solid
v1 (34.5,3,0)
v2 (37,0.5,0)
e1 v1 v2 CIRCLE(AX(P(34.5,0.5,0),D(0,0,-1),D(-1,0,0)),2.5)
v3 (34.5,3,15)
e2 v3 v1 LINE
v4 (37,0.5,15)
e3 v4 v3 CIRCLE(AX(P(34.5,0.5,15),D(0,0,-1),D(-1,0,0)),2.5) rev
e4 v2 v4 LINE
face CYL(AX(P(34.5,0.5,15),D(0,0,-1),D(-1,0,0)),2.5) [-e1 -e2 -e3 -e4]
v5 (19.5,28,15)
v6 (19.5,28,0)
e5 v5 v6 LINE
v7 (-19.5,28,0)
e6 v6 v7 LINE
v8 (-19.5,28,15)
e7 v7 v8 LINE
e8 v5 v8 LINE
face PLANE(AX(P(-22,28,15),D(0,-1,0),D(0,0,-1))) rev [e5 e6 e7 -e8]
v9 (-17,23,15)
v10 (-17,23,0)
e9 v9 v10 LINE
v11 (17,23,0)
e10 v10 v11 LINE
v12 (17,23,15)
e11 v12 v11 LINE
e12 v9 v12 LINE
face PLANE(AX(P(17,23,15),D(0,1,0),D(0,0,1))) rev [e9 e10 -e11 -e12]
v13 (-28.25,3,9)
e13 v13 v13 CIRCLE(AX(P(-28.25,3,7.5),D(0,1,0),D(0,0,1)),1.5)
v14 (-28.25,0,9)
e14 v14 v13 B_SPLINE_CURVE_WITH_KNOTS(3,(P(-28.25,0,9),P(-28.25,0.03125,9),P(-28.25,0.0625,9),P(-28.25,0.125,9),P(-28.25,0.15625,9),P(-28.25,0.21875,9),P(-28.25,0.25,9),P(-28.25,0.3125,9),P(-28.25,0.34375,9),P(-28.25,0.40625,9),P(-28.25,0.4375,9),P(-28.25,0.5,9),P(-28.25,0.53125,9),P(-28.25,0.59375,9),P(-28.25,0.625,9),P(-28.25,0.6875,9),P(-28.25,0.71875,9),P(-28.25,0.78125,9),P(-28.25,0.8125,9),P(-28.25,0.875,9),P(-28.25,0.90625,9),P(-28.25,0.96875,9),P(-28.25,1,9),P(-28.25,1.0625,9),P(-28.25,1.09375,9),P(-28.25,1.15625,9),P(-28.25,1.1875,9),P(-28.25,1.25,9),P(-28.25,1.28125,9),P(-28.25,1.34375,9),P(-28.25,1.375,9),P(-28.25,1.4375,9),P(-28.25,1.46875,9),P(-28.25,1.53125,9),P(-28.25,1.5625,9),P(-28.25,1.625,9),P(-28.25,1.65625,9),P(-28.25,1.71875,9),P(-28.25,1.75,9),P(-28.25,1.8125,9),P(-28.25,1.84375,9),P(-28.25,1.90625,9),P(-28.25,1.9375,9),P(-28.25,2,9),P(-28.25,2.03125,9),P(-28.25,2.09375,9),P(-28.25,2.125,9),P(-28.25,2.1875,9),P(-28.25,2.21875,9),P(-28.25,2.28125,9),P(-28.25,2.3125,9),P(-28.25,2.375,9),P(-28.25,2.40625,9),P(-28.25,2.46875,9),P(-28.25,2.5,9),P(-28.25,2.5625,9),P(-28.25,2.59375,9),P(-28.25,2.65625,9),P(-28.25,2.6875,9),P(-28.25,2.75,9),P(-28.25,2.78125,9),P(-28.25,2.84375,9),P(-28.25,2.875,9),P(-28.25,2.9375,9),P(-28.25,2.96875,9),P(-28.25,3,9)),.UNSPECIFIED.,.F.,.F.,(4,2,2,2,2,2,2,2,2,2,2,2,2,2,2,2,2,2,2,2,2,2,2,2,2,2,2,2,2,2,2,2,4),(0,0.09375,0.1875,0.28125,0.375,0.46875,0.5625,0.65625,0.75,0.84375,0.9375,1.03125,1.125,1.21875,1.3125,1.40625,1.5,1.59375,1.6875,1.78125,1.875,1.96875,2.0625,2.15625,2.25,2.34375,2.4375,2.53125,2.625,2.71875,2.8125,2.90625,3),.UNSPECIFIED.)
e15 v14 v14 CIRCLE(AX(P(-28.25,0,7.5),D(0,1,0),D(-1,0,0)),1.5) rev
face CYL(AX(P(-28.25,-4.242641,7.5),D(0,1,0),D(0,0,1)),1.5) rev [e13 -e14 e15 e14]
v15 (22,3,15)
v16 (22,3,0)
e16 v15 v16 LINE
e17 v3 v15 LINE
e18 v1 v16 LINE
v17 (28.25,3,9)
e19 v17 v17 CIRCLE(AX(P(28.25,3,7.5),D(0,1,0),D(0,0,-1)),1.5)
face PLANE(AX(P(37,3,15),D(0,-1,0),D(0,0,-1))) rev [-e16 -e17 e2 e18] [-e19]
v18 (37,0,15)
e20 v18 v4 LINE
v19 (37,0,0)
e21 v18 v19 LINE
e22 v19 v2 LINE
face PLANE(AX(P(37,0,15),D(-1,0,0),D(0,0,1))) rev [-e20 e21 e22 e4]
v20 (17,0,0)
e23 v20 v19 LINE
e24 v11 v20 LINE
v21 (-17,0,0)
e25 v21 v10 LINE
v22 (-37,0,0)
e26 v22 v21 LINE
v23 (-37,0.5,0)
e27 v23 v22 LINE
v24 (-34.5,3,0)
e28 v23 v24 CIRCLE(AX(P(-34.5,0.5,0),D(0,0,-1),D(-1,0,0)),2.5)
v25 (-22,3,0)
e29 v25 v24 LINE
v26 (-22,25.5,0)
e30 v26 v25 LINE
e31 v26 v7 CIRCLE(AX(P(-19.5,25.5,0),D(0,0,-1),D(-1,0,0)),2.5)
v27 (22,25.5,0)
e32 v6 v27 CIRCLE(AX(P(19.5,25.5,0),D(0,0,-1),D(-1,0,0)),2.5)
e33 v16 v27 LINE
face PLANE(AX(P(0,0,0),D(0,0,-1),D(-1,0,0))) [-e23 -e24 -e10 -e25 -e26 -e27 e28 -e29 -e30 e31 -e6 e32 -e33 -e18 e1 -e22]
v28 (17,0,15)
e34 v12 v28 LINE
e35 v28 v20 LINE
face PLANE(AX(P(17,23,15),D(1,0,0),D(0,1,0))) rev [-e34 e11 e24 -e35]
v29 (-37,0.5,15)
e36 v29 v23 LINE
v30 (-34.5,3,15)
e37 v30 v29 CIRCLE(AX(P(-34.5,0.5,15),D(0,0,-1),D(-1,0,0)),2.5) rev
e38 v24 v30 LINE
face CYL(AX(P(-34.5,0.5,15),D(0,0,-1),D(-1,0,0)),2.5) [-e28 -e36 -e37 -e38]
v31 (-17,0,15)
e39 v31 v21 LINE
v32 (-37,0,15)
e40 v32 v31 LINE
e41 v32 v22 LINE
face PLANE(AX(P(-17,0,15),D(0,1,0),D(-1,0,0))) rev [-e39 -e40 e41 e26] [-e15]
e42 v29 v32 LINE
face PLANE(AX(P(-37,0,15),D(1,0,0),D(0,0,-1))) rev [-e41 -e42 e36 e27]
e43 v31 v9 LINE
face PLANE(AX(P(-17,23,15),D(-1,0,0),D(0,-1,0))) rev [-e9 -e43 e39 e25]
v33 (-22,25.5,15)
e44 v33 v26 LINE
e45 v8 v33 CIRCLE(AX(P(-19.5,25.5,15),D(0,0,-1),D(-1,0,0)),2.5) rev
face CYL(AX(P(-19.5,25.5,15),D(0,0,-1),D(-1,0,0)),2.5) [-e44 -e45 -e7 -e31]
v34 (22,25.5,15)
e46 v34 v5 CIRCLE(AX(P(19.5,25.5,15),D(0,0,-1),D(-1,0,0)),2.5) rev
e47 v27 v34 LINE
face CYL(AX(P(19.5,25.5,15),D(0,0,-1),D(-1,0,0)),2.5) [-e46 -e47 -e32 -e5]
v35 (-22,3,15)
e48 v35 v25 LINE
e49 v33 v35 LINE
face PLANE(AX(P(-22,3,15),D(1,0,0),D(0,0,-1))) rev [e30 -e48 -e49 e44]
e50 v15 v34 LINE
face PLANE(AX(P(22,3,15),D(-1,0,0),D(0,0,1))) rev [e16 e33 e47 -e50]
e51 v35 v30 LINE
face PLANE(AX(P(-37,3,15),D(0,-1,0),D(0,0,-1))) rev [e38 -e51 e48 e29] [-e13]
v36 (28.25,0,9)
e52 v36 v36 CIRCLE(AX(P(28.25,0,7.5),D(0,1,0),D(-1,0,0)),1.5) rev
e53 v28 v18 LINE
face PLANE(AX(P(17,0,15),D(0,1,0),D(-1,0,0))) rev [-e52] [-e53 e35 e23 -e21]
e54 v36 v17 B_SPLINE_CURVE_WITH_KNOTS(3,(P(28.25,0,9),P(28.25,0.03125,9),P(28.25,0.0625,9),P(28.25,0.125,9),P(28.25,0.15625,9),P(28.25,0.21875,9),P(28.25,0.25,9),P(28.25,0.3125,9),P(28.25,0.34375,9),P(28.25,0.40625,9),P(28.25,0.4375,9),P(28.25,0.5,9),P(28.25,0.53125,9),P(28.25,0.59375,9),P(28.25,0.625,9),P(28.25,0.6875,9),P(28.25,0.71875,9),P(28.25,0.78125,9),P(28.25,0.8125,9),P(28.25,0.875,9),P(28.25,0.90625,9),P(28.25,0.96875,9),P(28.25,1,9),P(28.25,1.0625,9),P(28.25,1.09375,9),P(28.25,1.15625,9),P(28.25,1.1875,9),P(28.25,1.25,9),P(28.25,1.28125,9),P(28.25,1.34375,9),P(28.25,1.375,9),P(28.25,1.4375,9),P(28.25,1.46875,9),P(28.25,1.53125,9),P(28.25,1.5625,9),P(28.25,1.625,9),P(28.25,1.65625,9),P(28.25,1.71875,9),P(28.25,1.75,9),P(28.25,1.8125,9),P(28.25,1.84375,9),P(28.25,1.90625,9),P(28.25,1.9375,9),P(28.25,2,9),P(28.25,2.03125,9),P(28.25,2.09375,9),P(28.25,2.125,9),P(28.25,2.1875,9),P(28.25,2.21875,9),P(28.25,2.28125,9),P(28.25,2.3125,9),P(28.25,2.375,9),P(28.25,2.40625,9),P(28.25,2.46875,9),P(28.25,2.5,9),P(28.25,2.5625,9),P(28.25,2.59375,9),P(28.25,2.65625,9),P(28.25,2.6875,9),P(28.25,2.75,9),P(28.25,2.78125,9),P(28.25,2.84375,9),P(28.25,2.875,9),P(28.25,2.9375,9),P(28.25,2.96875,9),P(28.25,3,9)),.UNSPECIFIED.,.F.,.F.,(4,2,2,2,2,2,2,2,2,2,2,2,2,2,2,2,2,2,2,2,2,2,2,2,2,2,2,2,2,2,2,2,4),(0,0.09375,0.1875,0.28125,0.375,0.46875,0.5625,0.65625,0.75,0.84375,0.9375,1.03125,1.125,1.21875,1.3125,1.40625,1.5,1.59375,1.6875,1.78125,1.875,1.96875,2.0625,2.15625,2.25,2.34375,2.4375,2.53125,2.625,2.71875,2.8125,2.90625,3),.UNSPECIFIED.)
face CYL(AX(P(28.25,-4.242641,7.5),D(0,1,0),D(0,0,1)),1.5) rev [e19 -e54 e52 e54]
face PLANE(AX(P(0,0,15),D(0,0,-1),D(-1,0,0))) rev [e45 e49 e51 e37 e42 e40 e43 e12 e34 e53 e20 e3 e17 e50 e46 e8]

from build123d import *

# Parameters (mm, degrees)
BOSS_EXTRUDE1_DEPTH = 15
FILLET1_R           = 2.5
SKETCH2_R           = 1.5
CUT_EXTRUDE1_DEPTH  = 3


with BuildPart() as part:
    # Sketch1 → Boss-Extrude1 (new body)
    with BuildSketch(Plane.XY):
        Polygon((17, 23), (-17, 23), (-17, 0), (-37, 0), (-37, 3), (-22, 3), (-22, 28), (22, 28), (22, 3), (37, 3), (37, 0), (17, 0), align=None)
    extrude(amount=BOSS_EXTRUDE1_DEPTH)

    # Fillet1
    fillet1_edges = [part.edges().sort_by_distance(p)[0] for p in [
        (-37, 3, 7.5),
        (-22, 28, 7.5),
        (22, 28, 7.5),
        (37, 3, 7.5),
    ]]
    fillet(fillet1_edges, radius=FILLET1_R)

    # Sketch2 → Cut-Extrude1 (cut)
    with BuildSketch(Plane(origin=(0, 3, 0), x_dir=(1, 0, 0), z_dir=(0, 1, 0))):
        with Locations(Location((-28.25, -7.5, 0), (0, 0, 270))):
            Circle(SKETCH2_R)
        with Locations(Location((28.25, -7.5, 0), (0, 0, 270))):
            Circle(SKETCH2_R)
    extrude(amount=-CUT_EXTRUDE1_DEPTH, mode=Mode.SUBTRACT)


solid = part.part
